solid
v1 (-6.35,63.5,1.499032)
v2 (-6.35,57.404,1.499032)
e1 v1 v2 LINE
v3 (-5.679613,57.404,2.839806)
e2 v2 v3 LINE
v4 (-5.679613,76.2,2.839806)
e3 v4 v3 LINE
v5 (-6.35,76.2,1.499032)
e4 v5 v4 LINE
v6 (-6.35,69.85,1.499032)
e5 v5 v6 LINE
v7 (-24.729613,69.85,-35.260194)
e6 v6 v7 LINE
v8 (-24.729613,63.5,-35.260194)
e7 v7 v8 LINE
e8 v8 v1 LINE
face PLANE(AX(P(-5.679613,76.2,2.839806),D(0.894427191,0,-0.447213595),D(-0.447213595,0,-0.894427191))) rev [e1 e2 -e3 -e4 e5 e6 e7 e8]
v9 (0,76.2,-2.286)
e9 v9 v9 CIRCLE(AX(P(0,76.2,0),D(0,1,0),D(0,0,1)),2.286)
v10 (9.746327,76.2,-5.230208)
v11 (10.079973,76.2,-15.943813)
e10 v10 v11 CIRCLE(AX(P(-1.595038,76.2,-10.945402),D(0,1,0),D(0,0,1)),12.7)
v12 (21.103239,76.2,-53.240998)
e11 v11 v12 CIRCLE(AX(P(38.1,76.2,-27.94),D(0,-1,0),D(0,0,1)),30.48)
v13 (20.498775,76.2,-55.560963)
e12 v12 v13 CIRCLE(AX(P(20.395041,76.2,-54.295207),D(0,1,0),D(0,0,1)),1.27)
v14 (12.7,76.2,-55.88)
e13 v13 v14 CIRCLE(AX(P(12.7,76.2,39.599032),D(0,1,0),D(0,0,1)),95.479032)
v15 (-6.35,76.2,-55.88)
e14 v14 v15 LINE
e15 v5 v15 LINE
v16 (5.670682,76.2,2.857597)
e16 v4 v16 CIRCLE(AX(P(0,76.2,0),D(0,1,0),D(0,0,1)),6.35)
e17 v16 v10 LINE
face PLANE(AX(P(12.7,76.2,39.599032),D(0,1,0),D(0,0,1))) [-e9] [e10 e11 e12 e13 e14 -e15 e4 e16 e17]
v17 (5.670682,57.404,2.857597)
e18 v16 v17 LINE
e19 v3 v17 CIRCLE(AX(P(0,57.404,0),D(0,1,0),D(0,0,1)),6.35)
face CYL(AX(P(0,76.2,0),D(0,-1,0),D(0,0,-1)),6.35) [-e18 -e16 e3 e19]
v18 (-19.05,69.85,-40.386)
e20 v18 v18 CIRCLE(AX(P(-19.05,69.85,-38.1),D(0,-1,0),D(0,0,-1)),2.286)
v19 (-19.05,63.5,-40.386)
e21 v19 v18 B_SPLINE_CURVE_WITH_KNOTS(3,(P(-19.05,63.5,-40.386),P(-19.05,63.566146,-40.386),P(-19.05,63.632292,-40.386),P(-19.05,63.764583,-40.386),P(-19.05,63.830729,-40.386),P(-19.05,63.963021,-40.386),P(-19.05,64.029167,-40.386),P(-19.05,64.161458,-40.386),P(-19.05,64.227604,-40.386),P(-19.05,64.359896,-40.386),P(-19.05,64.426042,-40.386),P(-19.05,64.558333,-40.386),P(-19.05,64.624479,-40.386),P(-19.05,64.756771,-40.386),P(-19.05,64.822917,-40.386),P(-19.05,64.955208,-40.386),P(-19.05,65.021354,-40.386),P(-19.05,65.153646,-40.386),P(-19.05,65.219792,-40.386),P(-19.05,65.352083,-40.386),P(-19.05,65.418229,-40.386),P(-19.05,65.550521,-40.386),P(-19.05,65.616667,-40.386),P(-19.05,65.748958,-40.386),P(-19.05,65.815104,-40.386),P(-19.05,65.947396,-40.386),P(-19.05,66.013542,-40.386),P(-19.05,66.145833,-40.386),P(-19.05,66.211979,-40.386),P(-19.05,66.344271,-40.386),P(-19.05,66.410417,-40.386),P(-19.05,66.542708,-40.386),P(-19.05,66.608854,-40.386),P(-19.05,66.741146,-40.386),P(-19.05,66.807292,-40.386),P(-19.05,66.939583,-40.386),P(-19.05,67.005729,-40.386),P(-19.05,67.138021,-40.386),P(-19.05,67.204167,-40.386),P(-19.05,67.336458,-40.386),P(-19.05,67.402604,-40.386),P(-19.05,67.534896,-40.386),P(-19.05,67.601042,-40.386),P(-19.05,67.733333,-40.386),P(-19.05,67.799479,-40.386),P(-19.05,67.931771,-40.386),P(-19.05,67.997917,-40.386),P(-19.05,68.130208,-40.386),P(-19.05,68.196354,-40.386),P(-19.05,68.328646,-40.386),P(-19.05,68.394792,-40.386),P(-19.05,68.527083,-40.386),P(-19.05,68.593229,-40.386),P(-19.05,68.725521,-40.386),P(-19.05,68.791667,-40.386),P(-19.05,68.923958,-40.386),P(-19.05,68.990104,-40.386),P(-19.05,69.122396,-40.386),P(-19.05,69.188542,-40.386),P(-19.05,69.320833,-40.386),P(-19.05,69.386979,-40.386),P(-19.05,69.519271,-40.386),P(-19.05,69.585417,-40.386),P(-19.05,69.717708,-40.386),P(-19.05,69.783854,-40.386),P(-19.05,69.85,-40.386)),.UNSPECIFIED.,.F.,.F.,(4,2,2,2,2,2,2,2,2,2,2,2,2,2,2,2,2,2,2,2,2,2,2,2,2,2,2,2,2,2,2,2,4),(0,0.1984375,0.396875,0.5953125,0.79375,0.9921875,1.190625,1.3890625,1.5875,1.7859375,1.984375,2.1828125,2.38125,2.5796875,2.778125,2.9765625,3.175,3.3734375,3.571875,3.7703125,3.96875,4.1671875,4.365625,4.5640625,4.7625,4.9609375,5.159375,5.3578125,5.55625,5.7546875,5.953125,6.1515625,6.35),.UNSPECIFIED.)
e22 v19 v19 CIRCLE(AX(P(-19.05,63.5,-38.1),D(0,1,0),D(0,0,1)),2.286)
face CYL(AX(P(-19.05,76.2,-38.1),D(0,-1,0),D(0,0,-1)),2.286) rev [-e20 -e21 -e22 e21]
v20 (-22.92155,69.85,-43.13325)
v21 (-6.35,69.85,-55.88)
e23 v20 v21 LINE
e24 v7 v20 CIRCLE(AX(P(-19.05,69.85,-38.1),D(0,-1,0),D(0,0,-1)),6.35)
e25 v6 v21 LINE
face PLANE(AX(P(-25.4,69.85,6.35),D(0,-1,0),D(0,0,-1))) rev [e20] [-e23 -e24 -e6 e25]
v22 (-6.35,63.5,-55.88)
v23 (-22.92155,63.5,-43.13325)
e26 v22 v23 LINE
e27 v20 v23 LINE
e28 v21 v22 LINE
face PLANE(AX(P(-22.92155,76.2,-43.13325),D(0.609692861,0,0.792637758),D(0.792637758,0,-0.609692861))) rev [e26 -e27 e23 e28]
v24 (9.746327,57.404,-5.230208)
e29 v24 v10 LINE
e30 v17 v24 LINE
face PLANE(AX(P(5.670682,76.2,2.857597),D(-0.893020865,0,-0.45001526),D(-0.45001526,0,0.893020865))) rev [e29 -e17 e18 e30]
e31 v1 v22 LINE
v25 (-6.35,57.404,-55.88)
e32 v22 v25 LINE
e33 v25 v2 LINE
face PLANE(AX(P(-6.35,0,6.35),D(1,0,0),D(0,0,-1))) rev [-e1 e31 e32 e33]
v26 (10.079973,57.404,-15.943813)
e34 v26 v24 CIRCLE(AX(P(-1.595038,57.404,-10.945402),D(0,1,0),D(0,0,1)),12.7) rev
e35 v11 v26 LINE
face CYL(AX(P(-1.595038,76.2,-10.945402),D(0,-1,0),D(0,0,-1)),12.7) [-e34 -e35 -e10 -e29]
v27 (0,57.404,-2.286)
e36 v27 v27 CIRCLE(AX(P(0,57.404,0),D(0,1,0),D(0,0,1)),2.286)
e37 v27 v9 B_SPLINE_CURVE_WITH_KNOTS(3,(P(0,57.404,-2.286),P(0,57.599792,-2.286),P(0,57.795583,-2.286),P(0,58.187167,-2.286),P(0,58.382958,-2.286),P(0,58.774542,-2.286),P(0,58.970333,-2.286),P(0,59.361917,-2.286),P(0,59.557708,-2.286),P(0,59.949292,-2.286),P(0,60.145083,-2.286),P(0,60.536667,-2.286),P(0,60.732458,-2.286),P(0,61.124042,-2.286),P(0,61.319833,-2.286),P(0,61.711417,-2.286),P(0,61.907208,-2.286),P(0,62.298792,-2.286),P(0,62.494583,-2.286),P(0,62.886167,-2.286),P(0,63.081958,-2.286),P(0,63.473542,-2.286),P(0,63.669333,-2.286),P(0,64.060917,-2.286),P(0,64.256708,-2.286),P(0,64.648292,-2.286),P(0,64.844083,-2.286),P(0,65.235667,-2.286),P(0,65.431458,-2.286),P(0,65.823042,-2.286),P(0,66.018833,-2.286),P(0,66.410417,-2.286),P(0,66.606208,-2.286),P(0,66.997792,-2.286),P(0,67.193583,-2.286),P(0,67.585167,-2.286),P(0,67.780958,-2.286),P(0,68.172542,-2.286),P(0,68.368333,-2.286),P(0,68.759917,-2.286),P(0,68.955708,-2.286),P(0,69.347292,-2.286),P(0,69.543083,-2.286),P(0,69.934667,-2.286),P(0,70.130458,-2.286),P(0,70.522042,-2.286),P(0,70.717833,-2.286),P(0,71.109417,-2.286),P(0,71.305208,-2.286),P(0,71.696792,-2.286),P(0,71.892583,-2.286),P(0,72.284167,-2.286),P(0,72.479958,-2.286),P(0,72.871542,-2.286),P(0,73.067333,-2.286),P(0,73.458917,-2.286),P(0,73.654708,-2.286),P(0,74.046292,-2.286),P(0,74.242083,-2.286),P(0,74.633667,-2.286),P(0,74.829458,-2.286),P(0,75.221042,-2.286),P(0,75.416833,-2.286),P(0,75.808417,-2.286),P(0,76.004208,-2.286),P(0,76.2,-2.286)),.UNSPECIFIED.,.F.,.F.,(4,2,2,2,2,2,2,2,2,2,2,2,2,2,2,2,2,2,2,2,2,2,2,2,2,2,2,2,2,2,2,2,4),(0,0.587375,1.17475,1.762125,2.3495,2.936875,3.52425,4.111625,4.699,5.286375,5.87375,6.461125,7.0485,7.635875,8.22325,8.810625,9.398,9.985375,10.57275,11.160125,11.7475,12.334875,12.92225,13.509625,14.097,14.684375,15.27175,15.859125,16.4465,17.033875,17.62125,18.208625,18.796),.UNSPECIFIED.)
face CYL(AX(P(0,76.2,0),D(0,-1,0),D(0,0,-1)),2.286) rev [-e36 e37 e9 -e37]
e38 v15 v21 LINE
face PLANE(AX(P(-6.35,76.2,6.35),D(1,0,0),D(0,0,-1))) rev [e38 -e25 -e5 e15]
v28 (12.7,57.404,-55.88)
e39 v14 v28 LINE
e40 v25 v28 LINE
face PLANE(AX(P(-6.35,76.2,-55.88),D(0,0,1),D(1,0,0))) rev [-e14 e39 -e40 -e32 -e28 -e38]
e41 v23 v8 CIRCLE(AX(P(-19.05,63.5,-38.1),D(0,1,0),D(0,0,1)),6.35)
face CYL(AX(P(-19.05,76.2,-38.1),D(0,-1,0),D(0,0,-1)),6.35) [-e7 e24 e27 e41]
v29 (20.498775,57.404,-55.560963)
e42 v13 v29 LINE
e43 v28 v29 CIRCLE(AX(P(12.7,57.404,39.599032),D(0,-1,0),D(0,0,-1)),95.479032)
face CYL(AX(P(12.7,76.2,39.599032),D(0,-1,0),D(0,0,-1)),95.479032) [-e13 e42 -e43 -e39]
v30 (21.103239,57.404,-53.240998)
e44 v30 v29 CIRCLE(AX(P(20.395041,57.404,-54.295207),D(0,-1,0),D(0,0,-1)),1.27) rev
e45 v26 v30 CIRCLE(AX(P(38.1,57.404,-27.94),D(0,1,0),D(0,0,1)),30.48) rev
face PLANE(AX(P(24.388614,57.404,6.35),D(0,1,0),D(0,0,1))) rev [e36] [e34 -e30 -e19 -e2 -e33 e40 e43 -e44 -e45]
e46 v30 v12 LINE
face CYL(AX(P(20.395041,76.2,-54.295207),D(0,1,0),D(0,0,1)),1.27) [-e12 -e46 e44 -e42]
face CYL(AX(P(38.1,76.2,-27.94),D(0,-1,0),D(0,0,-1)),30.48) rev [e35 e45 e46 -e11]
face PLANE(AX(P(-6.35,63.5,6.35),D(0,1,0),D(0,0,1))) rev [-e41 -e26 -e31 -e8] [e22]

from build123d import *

# Parameters (mm, degrees)
SKETCH1_R           = 2.286
BOSS_EXTRUDE1_DEPTH = 76.2
SKETCH2_W           = 19.05
SKETCH2_H           = 63.5
SKETCH2_H_2         = 6.35
CUT_EXTRUDE1_DEPTH  = 102.60793719
SKETCH3_W           = 25.4
SKETCH3_H           = 6.858
CUT_EXTRUDE2_DEPTH  = 100.367382835
FILLET1_R           = 1.27
FILLET2_R           = 12.7
SKETCH4_W           = 59.009552573
SKETCH4_H           = 74.343024825
CUT_EXTRUDE3_DEPTH  = 85.041380514


with BuildPart() as part:
    # Sketch1 → Boss-Extrude1 (new body)
    with BuildSketch(Plane(origin=(0, 0, 0), x_dir=(1, 0, 0), z_dir=(0, 1, 0))):
        with BuildLine():
            Line((-5.679612663, -2.839806331), (-24.729612663, 35.260193669))
            ThreePointArc((-24.729612663, 35.260193669), (-25.238895582, 39.521292183), (-22.921549668, 43.133249763))
            Line((-22.921549668, 43.133249763), (-6.35, 55.88))
            Line((-6.35, 55.88), (12.7, 55.88))
            ThreePointArc((12.7, 55.88), (18.555327731, 55.700289554), (24.388613689, 55.161834718))
            ThreePointArc((24.388613689, 55.161834718), (8.638623245, 35.753941369), (12.7, 11.091546065))
            Line((12.7, 11.091546065), (5.670682494, -2.857596902))
            ThreePointArc((5.670682494, -2.857596902), (-0.009953044, -6.3499922), (-5.679612663, -2.839806331))
        make_face()
        with Locations(Location((0, 0, 0), (0, 0, 90))):
            Circle(SKETCH1_R, mode=Mode.SUBTRACT)
        with Locations(Location((-19.05, 38.1, 0), (0, 0, 90))):
            Circle(SKETCH1_R, mode=Mode.SUBTRACT)
    extrude(amount=BOSS_EXTRUDE1_DEPTH)

    # Sketch2 → Cut-Extrude1 (cut, through all)
    with BuildSketch(Plane(origin=(0, 0, -55.88), x_dir=(-1, 0, 0), z_dir=(0, 0, -1))):
        with Locations((15.875, 31.75)):
            Rectangle(SKETCH2_W, SKETCH2_H)
        with Locations((15.875, 73.025)):
            Rectangle(SKETCH2_W, SKETCH2_H_2)
    extrude(amount=-CUT_EXTRUDE1_DEPTH, mode=Mode.SUBTRACT)

    # Sketch3 → Cut-Extrude2 (cut, through all)
    with BuildSketch(Plane.ZY.offset(6.35)):
        with Locations((-6.35, 53.975)):
            Rectangle(SKETCH3_W, SKETCH3_H)
    extrude(amount=-CUT_EXTRUDE2_DEPTH, mode=Mode.SUBTRACT)

    # Fillet1
    fillet1_edges = [part.edges().sort_by_distance(p)[0] for p in [
        (24.388613689, 38.1, -55.161834718),
    ]]
    fillet(fillet1_edges, radius=FILLET1_R)

    # Fillet2
    fillet2_edges = [part.edges().sort_by_distance(p)[0] for p in [
        (12.7, 66.802, -11.091546065),
        (12.7, 25.273, -11.091546065),
    ]]
    fillet(fillet2_edges, radius=FILLET2_R)

    # Sketch4 → Cut-Extrude3 (cut, through all)
    with BuildSketch(Plane.XZ.offset(-57.404)):
        with Locations((-1.749174137, -25.683599477)):
            Rectangle(SKETCH4_W, SKETCH4_H)
    extrude(amount=CUT_EXTRUDE3_DEPTH, mode=Mode.SUBTRACT)


solid = part.part
